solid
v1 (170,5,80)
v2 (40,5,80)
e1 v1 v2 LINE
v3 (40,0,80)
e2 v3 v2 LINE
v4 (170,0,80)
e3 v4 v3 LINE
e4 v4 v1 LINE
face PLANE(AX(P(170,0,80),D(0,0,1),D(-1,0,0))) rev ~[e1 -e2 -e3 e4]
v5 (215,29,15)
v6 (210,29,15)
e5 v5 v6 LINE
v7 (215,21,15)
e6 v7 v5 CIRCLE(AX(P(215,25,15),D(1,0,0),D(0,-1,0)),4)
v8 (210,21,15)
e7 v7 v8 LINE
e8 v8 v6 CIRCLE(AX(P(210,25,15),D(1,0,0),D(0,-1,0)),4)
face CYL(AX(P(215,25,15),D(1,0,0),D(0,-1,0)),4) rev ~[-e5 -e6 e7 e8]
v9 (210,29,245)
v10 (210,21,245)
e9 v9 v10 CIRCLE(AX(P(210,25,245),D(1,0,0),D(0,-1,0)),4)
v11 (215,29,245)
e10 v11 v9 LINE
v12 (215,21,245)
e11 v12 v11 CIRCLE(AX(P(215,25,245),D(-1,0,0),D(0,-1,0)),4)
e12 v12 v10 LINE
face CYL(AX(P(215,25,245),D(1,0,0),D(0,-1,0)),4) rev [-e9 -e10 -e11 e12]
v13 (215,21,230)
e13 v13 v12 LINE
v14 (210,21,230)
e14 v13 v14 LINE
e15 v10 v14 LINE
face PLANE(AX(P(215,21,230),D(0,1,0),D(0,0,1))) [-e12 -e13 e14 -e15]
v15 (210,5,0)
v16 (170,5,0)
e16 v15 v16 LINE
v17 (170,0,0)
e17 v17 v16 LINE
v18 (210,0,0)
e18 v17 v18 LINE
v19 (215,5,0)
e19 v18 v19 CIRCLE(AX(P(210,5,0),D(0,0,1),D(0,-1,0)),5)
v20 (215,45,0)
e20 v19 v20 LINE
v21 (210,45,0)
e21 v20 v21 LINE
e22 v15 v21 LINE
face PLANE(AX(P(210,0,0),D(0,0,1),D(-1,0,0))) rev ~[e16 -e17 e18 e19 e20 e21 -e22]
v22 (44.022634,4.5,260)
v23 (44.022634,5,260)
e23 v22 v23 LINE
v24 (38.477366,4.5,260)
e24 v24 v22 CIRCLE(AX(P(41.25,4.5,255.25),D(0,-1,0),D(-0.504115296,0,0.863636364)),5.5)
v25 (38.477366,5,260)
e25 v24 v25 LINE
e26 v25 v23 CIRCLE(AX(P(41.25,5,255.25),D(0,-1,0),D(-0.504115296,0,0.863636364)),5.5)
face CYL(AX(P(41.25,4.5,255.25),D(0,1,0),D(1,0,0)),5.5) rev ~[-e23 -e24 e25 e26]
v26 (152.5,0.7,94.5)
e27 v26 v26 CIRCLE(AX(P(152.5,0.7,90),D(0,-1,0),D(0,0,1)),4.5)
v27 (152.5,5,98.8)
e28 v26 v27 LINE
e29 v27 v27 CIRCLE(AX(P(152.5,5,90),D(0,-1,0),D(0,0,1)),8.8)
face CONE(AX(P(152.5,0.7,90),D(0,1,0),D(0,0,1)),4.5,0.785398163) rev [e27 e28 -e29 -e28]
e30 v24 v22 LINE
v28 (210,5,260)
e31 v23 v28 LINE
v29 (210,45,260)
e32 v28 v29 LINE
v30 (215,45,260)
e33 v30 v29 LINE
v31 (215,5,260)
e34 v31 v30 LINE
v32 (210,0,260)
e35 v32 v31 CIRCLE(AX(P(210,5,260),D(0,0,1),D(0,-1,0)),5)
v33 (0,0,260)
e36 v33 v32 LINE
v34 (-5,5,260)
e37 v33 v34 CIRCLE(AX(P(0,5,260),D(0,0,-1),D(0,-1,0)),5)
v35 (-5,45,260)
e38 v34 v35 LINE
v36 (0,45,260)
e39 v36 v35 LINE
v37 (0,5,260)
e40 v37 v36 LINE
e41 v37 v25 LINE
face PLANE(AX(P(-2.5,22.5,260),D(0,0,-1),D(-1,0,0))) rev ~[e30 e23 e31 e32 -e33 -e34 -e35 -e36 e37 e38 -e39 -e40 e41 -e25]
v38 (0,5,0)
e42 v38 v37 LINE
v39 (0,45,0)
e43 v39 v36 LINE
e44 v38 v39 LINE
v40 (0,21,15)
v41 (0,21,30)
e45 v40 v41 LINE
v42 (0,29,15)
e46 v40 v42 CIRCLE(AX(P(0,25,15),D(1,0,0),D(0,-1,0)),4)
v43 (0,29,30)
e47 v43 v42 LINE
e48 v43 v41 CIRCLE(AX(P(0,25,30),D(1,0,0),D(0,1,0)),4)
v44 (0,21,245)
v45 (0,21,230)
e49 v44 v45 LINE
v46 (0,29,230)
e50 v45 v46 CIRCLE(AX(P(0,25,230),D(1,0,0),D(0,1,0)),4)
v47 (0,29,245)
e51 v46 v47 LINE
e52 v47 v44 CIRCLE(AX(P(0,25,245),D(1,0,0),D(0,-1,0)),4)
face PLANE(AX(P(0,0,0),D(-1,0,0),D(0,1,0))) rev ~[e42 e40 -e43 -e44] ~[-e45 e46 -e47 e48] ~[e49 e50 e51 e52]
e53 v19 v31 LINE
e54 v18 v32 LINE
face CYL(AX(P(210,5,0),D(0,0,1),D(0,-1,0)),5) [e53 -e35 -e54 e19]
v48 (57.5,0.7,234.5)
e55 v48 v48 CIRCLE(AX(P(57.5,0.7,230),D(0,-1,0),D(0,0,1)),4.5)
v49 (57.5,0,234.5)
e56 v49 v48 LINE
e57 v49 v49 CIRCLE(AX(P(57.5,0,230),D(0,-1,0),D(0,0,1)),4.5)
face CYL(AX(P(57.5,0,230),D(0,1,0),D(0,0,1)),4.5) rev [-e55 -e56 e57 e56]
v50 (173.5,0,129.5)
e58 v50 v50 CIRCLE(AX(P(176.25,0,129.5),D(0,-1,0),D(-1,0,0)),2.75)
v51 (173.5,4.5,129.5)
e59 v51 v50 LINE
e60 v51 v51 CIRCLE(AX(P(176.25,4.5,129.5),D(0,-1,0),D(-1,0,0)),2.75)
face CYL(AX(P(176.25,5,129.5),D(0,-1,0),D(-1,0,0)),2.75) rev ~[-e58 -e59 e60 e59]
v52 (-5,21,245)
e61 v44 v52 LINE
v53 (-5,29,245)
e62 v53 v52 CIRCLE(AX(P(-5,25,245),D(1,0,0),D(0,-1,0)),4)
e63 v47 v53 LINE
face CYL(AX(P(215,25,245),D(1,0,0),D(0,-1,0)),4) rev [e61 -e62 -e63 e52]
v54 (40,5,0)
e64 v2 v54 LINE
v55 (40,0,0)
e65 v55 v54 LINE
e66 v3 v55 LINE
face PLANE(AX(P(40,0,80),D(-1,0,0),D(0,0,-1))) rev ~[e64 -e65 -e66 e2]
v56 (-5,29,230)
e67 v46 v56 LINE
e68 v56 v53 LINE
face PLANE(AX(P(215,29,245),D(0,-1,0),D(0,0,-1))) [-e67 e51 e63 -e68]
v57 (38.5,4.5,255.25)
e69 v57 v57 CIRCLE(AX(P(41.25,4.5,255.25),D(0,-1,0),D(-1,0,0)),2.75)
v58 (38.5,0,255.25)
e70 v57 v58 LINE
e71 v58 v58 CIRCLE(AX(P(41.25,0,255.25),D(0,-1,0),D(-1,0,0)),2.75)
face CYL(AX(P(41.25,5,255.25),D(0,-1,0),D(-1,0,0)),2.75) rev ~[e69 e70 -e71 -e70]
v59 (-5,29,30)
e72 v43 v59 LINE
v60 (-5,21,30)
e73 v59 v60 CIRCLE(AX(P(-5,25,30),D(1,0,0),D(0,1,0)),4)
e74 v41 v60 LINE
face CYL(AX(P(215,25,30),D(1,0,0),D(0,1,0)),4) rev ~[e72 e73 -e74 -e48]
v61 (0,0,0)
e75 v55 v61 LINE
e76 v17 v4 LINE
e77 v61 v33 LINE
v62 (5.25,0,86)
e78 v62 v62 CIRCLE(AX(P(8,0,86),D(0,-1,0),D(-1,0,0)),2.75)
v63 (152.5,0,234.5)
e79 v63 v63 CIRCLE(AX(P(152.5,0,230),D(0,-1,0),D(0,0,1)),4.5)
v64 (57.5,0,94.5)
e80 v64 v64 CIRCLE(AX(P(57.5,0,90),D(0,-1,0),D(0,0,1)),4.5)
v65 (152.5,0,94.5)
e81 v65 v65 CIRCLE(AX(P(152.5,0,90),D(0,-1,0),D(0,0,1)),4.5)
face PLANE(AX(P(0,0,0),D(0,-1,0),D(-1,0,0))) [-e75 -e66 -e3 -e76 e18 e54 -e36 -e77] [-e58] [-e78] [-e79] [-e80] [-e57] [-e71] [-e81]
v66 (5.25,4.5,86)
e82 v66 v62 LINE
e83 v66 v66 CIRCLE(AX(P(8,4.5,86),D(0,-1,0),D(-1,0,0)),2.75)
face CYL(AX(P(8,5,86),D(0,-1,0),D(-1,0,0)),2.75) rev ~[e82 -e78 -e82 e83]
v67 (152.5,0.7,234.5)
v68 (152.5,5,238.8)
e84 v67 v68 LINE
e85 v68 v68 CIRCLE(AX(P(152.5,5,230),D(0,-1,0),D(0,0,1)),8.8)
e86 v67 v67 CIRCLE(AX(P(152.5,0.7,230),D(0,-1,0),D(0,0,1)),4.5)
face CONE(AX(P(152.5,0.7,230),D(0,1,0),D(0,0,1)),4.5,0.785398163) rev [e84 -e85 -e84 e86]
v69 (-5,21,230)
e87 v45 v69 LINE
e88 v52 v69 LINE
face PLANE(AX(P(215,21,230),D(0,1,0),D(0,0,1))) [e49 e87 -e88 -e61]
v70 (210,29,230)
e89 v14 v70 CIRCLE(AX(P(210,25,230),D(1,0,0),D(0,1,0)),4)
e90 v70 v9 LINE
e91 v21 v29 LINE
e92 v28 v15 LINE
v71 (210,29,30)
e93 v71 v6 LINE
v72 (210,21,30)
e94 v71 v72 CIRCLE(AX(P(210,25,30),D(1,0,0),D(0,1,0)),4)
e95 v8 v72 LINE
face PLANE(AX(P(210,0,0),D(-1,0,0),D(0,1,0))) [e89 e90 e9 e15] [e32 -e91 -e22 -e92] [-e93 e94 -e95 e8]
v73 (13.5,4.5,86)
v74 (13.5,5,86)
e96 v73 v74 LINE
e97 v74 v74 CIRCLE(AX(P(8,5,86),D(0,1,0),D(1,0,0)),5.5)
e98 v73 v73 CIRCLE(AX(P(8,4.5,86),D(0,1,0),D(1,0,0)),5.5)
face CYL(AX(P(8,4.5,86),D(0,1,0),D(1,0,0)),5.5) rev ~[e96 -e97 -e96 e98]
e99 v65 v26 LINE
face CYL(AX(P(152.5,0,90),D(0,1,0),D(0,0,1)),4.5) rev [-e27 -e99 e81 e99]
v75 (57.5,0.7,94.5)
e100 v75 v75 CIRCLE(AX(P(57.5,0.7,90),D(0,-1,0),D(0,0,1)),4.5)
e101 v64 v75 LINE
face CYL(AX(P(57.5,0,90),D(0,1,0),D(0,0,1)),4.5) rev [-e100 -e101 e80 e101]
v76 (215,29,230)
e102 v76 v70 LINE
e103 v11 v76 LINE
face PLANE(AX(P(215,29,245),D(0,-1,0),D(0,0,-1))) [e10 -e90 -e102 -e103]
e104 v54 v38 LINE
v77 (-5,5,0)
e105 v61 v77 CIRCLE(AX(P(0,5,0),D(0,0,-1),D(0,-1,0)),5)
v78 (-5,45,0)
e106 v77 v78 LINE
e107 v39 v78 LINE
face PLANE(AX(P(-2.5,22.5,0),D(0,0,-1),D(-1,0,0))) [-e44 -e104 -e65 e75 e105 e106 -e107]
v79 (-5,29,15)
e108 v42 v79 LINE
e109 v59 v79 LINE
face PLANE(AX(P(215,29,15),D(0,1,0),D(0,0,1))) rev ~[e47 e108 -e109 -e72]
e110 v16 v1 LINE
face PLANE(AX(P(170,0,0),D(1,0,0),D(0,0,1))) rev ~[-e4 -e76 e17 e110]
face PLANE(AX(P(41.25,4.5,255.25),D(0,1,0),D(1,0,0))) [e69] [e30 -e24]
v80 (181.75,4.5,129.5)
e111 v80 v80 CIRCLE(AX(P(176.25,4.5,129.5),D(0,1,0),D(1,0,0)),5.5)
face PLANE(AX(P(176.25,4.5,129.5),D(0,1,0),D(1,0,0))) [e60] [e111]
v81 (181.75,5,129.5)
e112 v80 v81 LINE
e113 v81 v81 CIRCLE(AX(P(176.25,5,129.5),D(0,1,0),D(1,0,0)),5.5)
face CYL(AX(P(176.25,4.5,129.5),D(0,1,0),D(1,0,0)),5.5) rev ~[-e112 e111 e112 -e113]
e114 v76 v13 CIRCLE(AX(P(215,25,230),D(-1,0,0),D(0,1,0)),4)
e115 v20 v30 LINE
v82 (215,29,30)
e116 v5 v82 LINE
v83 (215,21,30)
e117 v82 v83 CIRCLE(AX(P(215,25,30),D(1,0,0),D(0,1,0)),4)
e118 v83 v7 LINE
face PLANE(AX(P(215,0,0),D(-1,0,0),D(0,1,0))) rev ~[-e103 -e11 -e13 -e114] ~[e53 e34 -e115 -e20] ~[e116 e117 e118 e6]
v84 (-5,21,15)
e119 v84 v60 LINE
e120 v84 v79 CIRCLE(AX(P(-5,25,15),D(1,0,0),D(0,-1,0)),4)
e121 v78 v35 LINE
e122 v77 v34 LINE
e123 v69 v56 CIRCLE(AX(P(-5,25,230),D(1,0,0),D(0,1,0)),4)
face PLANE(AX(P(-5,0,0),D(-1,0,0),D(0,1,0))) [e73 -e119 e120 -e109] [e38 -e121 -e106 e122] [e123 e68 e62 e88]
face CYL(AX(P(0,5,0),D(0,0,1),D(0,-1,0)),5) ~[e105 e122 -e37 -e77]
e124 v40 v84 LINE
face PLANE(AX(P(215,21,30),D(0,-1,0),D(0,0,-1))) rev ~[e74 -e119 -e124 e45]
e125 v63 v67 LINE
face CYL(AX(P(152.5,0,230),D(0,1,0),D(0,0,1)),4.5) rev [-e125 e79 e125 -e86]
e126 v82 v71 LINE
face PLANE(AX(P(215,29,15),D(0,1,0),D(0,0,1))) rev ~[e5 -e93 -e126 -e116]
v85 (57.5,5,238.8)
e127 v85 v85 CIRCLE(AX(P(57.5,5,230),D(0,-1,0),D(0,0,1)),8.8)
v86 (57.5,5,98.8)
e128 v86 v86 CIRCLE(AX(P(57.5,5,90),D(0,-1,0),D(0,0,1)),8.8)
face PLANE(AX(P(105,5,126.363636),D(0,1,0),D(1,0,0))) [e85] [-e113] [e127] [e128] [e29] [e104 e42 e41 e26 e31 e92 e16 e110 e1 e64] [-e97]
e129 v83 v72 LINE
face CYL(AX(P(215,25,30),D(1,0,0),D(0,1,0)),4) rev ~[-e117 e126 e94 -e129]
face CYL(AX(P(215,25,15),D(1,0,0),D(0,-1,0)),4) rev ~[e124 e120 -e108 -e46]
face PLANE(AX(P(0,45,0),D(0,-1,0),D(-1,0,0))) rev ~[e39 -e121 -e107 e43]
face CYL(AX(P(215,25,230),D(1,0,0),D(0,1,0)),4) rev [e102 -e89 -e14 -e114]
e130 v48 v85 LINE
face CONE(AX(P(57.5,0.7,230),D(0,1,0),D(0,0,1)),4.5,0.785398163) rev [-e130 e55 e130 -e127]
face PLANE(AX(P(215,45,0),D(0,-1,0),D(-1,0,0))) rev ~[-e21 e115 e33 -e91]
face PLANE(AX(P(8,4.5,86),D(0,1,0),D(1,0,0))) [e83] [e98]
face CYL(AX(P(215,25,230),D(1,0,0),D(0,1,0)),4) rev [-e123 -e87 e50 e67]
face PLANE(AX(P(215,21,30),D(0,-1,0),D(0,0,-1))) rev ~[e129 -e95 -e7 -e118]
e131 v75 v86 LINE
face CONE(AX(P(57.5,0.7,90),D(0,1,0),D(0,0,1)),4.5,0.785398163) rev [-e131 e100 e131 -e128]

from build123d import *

# Parameters (mm, degrees)
EXTRUDE_1_DEPTH              = 5
HOLE_WIZARD_M8_2_AT_2_COUNT  = 2
HOLE_WIZARD_M8_2_AT_2_PITCH  = 140
HOLE_WIZARD_M8_2_AT_3_COUNT  = 2
HOLE_WIZARD_M8_2_AT_3_PITCH  = 169.189243157
HOLE_WIZARD_M8_2_AT_4_COUNT  = 2
HOLE_WIZARD_M8_2_AT_4_PITCH  = 95
SKETCH_10_W                  = 5
SKETCH_10_H                  = 45
EXTRUDE_2_DEPTH              = 260
FILLET_1_R                   = 5
CUT_EXTRUDE_5_DEPTH          = 344.547667726
HOLE_WIZARD_M5_1_D           = 5.5
HOLE_WIZARD_M5_1_CBORE_D     = 11
HOLE_WIZARD_M5_1_CBORE_DEPTH = 0.5


with BuildPart() as part:
    # 草图1 → 凸台-拉伸1 (new body)
    with BuildSketch(Plane(origin=(0, 0, 0), x_dir=(1, 0, 0), z_dir=(0, 1, 0))):
        Polygon((0, 0), (0, -260), (210, -260), (210, 0), (170, 0), (170, -80), (40, -80), (40, 0), align=None)
    extrude(amount=EXTRUDE_1_DEPTH)

    # 草图9 → M8 内六角花形沉头螺钉的锥形沉头孔2 (revolve, cut)
    with BuildSketch(Plane(origin=(57.5, 5, 230), x_dir=(0, 0, 1), z_dir=(1, 0, 0))):
        Polygon((0, 0), (0, 5), (4.5, 5), (4.5, 4.3), (8.8, 0), align=None)
    hole_wizard_m8_2 = revolve(axis=Axis((57.5, 11.35, 230), (0, -1, 0)), mode=Mode.SUBTRACT)

    # M8 内六角花形沉头螺钉的锥形沉头孔2 at 2: M8 内六角花形沉头螺钉的锥形沉头孔2 ×2
    with Locations(*[(0, 0, -i * HOLE_WIZARD_M8_2_AT_2_PITCH) for i in range(1, HOLE_WIZARD_M8_2_AT_2_COUNT)]):
        add(hole_wizard_m8_2, mode=Mode.SUBTRACT)

    # M8 内六角花形沉头螺钉的锥形沉头孔2 at 3: M8 内六角花形沉头螺钉的锥形沉头孔2 ×2
    with Locations(*[Vector(0.5615014183372644, 0, -0.8274757743917585) * (i * HOLE_WIZARD_M8_2_AT_3_PITCH) for i in range(1, HOLE_WIZARD_M8_2_AT_3_COUNT)]):
        add(hole_wizard_m8_2, mode=Mode.SUBTRACT)

    # M8 内六角花形沉头螺钉的锥形沉头孔2 at 4: M8 内六角花形沉头螺钉的锥形沉头孔2 ×2
    with Locations(*[(i * HOLE_WIZARD_M8_2_AT_4_PITCH, 0, 0) for i in range(1, HOLE_WIZARD_M8_2_AT_4_COUNT)]):
        add(hole_wizard_m8_2, mode=Mode.SUBTRACT)

    # 草图10 → 凸台-拉伸2 (add, through all)
    with BuildSketch(Plane(origin=(0, 0, 0), x_dir=(-1, 0, 0), z_dir=(0, 0, -1))):
        with Locations((2.5, 22.5)):
            Rectangle(SKETCH_10_W, SKETCH_10_H)
        with Locations((-212.5, 22.5)):
            Rectangle(SKETCH_10_W, SKETCH_10_H)
    extrude(amount=-EXTRUDE_2_DEPTH)

    # 圆角1
    fillet_1_edges = [part.edges().sort_by_distance(p)[0] for p in [
        (-5, 0, 130),
        (215, 0, 130),
    ]]
    fillet(fillet_1_edges, radius=FILLET_1_R)

    # 草图11 → 切除-拉伸5 (cut, through all)
    with BuildSketch(Plane(origin=(215, 0, 0), x_dir=(0, 0, -1), z_dir=(1, 0, 0))):
        with BuildLine():
            Line((-15, 29), (-30, 29))
            ThreePointArc((-30, 29), (-34, 25), (-30, 21))
            Line((-30, 21), (-15, 21))
            ThreePointArc((-15, 21), (-11, 25), (-15, 29))
        make_face()
        with BuildLine():
            Line((-230, 21), (-245, 21))
            ThreePointArc((-245, 21), (-249, 25), (-245, 29))
            Line((-245, 29), (-230, 29))
            ThreePointArc((-230, 29), (-226, 25), (-230, 21))
        make_face()
    extrude(amount=-CUT_EXTRUDE_5_DEPTH, mode=Mode.SUBTRACT)

    # M5 六角头螺栓的柱形沉头孔1 (through all)
    with Locations(Plane(origin=(0, 5, 0), x_dir=(1, 0, 0), z_dir=(0, 1, 0))):
        with Locations((176.25, -129.5), (8, -86), (41.25, -255.25)):
            CounterBoreHole(HOLE_WIZARD_M5_1_D / 2, HOLE_WIZARD_M5_1_CBORE_D / 2, HOLE_WIZARD_M5_1_CBORE_DEPTH)


solid = part.part
